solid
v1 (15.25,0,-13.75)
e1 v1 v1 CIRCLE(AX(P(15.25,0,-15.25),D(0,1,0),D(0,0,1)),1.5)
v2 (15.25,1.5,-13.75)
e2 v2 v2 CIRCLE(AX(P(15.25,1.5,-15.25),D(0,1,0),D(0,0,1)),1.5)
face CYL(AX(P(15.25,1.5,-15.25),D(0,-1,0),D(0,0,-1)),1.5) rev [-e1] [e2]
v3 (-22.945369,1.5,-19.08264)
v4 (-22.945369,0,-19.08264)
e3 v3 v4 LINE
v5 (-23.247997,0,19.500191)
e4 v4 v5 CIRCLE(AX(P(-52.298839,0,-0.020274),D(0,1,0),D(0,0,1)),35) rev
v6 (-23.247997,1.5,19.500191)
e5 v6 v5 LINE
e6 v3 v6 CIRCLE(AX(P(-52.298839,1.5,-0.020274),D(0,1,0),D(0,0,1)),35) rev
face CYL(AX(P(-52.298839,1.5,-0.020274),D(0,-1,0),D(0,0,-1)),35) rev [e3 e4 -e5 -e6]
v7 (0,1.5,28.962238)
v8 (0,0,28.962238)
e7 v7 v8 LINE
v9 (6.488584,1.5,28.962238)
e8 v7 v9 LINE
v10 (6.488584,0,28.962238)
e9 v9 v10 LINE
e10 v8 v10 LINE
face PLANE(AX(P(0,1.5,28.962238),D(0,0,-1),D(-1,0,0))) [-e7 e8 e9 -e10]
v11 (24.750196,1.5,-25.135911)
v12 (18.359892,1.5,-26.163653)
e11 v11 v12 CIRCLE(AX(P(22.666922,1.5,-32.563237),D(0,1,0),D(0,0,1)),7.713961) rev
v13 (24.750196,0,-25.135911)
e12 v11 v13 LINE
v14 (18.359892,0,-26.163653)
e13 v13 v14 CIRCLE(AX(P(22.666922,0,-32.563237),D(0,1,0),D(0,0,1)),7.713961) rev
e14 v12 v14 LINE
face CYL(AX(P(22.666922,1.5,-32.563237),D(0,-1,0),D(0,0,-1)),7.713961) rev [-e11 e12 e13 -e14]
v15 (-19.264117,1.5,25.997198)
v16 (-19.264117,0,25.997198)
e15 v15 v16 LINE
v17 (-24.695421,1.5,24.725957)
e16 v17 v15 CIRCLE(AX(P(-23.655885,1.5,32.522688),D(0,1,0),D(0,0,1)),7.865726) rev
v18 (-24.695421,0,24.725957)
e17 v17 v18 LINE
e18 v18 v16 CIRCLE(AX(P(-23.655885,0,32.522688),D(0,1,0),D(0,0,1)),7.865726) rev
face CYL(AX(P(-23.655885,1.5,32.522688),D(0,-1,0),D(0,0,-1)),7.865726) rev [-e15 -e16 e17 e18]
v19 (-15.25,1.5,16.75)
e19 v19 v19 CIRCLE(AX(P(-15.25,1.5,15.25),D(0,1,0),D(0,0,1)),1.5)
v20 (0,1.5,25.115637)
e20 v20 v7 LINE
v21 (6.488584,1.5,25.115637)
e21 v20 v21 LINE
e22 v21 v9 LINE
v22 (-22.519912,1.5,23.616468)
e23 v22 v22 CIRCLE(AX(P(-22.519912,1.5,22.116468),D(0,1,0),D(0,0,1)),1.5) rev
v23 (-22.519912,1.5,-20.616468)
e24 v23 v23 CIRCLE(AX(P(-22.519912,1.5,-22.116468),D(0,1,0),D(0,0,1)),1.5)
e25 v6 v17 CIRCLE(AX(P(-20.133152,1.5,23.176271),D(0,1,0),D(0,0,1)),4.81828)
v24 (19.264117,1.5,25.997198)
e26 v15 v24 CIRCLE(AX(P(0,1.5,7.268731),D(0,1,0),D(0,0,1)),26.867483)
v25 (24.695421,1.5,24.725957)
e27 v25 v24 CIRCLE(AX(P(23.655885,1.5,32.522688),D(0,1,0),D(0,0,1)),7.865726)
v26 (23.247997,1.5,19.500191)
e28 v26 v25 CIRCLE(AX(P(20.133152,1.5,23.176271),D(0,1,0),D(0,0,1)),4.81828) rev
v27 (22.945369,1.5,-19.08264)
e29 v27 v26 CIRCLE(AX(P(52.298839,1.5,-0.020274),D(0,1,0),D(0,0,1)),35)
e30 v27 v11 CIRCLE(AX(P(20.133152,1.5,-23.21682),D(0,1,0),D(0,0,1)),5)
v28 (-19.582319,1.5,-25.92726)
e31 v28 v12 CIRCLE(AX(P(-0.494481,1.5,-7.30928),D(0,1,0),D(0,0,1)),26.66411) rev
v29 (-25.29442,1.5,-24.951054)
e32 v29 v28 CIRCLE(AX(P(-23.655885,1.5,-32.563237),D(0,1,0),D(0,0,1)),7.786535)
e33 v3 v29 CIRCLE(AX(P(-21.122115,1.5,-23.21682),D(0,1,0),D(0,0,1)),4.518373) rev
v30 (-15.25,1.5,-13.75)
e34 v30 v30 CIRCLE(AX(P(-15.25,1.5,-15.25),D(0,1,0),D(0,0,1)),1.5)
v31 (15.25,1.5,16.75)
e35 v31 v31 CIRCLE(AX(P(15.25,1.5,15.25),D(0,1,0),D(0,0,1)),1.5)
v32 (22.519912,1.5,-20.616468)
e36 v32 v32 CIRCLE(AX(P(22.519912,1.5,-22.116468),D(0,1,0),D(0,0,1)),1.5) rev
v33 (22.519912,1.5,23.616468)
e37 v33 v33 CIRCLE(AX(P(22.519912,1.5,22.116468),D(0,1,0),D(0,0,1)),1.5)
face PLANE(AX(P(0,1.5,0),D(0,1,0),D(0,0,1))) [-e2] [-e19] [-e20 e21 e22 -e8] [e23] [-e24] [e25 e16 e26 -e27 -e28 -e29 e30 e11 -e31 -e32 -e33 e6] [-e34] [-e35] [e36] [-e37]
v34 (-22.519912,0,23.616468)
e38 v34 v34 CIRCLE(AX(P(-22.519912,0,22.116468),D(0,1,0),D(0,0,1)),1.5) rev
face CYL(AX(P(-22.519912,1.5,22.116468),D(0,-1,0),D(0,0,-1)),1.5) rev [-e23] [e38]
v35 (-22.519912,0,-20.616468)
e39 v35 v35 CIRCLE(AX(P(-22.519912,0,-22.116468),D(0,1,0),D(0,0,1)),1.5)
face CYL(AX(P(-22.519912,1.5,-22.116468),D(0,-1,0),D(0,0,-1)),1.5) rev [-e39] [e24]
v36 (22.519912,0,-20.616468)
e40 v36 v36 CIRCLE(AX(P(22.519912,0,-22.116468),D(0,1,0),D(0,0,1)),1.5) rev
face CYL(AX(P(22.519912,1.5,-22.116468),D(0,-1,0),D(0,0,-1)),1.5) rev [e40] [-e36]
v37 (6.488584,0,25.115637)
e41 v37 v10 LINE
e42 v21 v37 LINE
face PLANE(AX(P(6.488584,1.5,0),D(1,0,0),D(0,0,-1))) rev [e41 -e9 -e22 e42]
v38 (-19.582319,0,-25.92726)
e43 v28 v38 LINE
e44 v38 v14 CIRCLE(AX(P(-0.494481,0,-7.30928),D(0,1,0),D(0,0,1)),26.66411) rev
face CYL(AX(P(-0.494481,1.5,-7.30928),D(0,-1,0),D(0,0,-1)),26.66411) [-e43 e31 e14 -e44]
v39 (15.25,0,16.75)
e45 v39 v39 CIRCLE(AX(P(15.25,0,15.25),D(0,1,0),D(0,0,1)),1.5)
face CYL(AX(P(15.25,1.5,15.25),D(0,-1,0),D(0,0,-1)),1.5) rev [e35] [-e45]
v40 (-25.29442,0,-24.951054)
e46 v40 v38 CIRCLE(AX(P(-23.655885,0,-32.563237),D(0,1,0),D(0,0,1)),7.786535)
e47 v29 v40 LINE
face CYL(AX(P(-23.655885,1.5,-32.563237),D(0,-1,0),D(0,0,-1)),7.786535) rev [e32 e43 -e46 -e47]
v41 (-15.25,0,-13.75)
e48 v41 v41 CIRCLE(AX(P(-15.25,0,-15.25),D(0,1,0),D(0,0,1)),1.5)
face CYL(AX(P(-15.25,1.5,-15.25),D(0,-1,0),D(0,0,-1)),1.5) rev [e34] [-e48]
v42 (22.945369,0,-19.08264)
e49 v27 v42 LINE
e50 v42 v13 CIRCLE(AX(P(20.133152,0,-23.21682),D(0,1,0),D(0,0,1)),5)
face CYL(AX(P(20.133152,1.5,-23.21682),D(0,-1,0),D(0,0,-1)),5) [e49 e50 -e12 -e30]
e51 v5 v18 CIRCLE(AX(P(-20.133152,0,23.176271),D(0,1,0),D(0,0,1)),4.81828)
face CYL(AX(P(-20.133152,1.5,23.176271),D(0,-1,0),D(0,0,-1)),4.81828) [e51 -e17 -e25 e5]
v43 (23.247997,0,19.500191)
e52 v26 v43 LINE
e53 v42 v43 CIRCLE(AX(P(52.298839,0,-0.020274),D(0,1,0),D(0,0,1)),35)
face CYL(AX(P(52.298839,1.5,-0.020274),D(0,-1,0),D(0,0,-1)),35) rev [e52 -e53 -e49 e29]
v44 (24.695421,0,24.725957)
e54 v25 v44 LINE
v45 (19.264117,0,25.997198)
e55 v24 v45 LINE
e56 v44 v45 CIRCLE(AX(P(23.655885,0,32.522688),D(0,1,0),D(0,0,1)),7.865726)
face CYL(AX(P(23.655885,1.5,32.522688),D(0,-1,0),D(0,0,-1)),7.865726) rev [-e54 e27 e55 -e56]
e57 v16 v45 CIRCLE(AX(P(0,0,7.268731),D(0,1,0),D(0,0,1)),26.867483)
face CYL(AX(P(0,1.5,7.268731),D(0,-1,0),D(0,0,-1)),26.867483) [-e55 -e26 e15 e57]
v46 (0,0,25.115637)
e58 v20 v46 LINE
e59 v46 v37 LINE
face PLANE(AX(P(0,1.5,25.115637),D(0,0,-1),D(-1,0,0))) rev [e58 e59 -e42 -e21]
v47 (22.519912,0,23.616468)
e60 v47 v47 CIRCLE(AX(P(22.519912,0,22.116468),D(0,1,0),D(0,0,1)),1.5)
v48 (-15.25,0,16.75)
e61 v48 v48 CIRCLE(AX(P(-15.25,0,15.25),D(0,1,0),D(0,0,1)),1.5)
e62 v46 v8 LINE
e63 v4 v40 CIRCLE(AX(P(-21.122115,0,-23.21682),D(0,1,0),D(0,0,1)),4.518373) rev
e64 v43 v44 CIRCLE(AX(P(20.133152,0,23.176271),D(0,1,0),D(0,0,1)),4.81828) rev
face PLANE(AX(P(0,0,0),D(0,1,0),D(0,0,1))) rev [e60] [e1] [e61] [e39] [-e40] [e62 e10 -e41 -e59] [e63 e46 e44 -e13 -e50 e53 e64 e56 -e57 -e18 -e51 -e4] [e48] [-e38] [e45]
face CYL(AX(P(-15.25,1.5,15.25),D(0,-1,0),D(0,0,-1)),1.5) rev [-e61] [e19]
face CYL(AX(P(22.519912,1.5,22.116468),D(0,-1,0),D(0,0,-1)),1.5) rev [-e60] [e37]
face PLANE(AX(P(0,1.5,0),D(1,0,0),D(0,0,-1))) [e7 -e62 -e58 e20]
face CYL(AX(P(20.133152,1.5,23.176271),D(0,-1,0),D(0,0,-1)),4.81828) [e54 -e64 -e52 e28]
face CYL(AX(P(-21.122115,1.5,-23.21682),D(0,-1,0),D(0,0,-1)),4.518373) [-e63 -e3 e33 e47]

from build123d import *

# Parameters (mm, degrees)
SKETCH2_R           = 1.5
SKETCH2_W           = 6.488584399
SKETCH2_H           = 3.846601045
BOSS_EXTRUDE2_DEPTH = 1.5


with BuildPart() as part:
    # Sketch2 → Boss-Extrude2 (new body)
    with BuildSketch(Plane(origin=(0, 0, 0), x_dir=(1, 0, 0), z_dir=(0, 1, 0))):
        with BuildLine():
            ThreePointArc((23.247996545, -19.500190875), (24.776607327, -21.890134515), (24.695421013, -24.725957202))
            ThreePointArc((24.695421013, -24.725957202), (21.863295263, -24.863949953), (19.264117039, -25.997197864))
            ThreePointArc((19.264117039, -25.997197864), (0, -34.136214734), (-19.264117039, -25.997197864))
            ThreePointArc((-19.264117039, -25.997197864), (-21.863295263, -24.863949953), (-24.695421013, -24.725957202))
            ThreePointArc((-24.695421013, -24.725957202), (-24.776607327, -21.890134515), (-23.247996545, -19.500190875))
            ThreePointArc((-23.247996545, -19.500190875), (-17.299915505, -0.254242625), (-22.945369046, 19.082640433))
            ThreePointArc((-22.945369046, 19.082640433), (-25.316903499, 21.537699802), (-25.294419588, 24.951053966))
            ThreePointArc((-25.294419588, 24.951053966), (-22.344172838, 24.887982121), (-19.582319286, 25.927260189))
            ThreePointArc((-19.582319286, 25.927260189), (-0.66060428, 33.9728721), (18.359891541, 26.163652643))
            ThreePointArc((18.359891541, 26.163652643), (21.442039723, 24.947145004), (24.750195634, 25.135911308))
            ThreePointArc((24.750195634, 25.135911308), (24.924707249, 21.788182903), (22.945369046, 19.082640433))
            ThreePointArc((22.945369046, 19.082640433), (17.299915505, -0.254242625), (23.247996545, -19.500190875))
        make_face()
        with Locations(Location((-15.25, 15.25, 0), (0, 0, 270))):
            Circle(SKETCH2_R, mode=Mode.SUBTRACT)
        with Locations(Location((15.25, 15.25, 0), (0, 0, 270))):
            Circle(SKETCH2_R, mode=Mode.SUBTRACT)
        with Locations(Location((-15.25, -15.25, 0), (0, 0, 270))):
            Circle(SKETCH2_R, mode=Mode.SUBTRACT)
        with Locations(Location((15.25, -15.25, 0), (0, 0, 270))):
            Circle(SKETCH2_R, mode=Mode.SUBTRACT)
        with Locations(Location((-22.519911508, 22.116468281, 0), (0, 0, 270))):
            Circle(SKETCH2_R, mode=Mode.SUBTRACT)
        with Locations(Location((22.519911508, 22.116468281, 0), (0, 0, 270))):
            Circle(SKETCH2_R, mode=Mode.SUBTRACT)
        with Locations(Location((22.519911508, -22.116468281, 0), (0, 0, 270))):
            Circle(SKETCH2_R, mode=Mode.SUBTRACT)
        with Locations(Location((-22.519911508, -22.116468281, 0), (0, 0, 270))):
            Circle(SKETCH2_R, mode=Mode.SUBTRACT)
        with Locations((3.2442922, -27.038937624)):
            Rectangle(SKETCH2_W, SKETCH2_H, mode=Mode.SUBTRACT)
    extrude(amount=BOSS_EXTRUDE2_DEPTH)


solid = part.part
